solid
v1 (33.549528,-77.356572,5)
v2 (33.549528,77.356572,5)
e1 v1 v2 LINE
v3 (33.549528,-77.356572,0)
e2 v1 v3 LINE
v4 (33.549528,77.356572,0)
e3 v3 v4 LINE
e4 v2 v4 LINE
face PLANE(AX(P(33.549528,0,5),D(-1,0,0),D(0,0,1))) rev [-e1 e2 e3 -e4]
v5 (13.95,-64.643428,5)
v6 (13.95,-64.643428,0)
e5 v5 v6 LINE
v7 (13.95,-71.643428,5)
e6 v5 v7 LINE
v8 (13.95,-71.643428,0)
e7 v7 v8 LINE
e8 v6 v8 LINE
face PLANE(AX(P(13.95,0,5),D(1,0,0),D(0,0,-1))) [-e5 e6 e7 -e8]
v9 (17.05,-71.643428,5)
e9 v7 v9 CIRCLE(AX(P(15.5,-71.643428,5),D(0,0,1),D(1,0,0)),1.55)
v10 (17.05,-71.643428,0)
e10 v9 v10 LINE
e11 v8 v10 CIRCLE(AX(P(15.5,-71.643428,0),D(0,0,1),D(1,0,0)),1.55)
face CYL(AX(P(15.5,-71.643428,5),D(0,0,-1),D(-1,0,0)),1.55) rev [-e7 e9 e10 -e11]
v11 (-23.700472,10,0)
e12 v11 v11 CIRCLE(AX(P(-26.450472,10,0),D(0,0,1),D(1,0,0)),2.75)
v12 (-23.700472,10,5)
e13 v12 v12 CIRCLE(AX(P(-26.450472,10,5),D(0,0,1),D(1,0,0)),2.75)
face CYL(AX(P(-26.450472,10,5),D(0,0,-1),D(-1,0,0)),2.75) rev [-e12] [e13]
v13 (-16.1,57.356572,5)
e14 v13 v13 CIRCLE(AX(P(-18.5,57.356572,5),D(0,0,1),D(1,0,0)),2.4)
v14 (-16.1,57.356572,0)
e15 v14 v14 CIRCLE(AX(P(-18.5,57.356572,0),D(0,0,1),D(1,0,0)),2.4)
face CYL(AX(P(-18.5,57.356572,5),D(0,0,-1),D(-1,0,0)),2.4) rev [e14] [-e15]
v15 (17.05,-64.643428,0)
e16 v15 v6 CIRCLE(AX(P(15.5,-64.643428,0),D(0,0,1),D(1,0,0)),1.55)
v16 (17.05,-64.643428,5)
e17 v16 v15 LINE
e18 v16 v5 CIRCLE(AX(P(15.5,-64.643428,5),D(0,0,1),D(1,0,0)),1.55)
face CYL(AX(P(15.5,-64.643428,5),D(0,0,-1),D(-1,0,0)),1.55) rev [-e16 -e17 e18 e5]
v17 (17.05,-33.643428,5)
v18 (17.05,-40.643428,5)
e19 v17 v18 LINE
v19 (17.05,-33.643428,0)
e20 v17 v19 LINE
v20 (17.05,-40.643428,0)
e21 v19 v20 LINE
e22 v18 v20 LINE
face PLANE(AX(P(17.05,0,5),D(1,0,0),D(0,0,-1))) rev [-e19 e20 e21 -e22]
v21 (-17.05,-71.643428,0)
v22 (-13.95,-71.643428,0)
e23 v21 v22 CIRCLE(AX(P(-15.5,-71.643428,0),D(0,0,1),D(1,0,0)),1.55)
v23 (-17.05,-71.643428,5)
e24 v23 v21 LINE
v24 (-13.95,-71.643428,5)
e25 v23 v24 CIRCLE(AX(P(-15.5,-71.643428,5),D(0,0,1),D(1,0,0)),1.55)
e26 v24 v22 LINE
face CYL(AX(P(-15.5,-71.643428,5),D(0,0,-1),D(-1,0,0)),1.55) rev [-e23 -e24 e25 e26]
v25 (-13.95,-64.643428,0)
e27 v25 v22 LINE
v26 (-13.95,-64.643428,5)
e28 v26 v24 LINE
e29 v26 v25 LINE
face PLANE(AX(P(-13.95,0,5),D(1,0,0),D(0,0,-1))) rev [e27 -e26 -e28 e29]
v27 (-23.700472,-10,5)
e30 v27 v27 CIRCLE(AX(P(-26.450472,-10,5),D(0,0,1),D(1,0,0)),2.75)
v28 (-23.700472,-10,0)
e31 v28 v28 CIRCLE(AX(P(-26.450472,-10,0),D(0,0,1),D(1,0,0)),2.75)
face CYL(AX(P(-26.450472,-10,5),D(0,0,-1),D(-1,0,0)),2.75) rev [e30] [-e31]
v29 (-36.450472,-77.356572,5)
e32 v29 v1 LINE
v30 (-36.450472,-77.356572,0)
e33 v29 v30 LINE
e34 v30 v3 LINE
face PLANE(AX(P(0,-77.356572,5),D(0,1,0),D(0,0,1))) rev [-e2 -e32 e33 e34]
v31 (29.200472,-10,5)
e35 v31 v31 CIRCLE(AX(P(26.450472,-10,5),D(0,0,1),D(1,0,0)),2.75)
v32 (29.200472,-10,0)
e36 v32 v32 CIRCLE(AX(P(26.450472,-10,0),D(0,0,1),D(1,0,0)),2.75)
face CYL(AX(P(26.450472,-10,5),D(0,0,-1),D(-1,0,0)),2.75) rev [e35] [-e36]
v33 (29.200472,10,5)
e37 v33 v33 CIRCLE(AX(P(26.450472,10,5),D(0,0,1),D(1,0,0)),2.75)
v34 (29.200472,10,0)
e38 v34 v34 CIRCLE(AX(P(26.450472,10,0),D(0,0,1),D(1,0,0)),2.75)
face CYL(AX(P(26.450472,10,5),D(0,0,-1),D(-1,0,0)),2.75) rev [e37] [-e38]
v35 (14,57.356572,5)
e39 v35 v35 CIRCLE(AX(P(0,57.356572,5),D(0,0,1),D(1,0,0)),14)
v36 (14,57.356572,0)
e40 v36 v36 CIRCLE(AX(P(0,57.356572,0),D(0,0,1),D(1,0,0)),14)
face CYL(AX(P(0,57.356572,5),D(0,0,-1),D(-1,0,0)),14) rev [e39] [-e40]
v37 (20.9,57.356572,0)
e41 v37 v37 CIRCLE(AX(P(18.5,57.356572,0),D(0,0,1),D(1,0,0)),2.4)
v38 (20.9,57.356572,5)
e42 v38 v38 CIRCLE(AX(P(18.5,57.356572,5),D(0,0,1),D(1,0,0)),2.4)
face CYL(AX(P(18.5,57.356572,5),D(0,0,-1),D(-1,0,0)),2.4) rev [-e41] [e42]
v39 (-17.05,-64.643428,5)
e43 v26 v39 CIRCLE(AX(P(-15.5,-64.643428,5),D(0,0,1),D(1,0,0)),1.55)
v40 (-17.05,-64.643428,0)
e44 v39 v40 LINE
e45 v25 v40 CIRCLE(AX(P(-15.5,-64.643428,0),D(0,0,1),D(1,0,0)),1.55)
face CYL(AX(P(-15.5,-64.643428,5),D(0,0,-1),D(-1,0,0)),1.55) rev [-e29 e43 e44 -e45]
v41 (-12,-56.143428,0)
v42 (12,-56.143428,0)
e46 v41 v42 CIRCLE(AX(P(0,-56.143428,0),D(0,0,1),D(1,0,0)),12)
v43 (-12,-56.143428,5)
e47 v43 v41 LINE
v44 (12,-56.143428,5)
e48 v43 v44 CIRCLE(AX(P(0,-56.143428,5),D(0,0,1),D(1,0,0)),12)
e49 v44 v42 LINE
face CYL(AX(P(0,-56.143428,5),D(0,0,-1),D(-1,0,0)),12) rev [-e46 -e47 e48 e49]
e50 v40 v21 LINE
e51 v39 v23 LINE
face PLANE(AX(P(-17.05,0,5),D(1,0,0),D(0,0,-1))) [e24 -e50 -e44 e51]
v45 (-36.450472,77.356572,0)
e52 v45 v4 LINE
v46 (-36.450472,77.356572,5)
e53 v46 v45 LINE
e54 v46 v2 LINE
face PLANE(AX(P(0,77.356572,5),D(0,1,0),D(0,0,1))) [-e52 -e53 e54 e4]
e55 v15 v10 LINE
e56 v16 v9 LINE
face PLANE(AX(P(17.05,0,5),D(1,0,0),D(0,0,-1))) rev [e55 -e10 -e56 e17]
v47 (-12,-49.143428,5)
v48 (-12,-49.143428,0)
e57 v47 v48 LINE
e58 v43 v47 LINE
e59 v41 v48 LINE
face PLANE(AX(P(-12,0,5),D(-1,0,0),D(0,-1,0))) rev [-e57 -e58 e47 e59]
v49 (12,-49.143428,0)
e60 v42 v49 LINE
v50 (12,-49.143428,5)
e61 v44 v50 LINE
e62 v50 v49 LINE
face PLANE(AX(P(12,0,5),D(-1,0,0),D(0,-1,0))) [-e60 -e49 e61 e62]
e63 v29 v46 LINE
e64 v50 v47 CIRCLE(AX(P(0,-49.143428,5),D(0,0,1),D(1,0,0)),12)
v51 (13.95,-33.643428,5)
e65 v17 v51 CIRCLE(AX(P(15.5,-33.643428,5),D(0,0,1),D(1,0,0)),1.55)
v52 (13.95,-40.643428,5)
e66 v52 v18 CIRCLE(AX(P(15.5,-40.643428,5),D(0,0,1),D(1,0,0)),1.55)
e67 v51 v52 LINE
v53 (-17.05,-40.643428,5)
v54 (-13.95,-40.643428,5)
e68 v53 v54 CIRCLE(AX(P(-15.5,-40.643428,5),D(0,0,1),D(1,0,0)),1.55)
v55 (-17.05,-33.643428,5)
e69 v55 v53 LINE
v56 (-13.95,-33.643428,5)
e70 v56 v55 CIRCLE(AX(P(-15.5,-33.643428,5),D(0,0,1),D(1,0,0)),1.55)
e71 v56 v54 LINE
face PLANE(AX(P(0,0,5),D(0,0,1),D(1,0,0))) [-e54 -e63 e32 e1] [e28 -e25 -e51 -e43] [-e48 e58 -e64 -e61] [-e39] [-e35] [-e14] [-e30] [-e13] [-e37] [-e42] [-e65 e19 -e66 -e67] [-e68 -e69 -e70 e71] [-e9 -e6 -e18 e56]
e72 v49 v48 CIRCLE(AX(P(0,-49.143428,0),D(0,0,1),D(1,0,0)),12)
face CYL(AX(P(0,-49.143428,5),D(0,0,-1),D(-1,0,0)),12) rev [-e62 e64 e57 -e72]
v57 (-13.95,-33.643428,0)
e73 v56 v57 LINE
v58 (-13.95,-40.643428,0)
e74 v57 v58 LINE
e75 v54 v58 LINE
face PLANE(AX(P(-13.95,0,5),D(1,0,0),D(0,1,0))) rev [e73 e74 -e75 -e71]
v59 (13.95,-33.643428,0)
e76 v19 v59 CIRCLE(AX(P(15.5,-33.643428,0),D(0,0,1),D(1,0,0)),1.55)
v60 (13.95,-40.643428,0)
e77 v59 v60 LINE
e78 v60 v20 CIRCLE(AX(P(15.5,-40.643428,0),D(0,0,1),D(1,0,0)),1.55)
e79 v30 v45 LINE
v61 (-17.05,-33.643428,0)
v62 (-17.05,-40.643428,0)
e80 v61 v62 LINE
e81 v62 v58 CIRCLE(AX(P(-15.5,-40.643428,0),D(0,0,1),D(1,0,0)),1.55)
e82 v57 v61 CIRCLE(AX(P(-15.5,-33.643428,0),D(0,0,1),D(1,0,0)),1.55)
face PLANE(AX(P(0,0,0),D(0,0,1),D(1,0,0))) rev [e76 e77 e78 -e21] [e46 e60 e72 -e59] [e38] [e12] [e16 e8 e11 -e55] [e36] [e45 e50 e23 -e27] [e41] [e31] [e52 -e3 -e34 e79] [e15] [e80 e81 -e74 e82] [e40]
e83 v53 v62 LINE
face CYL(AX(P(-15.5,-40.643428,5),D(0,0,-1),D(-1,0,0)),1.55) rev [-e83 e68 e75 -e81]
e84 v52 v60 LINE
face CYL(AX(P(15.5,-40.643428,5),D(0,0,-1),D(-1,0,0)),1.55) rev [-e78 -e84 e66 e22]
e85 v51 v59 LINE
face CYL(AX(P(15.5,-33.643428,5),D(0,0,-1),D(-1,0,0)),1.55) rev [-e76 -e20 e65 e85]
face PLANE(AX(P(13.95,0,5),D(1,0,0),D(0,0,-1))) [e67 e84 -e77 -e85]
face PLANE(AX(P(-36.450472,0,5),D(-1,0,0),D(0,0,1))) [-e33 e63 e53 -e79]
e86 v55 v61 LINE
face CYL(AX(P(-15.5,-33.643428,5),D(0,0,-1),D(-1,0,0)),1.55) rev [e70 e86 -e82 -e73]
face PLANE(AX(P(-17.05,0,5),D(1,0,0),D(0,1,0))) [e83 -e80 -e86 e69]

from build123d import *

# Parameters (mm, degrees)
SKETCH1_W           = 70
SKETCH1_H           = 154.713144252
SKETCH1_R           = 2.4
SKETCH1_R_2         = 2.75
SKETCH1_R_3         = 14
BOSS_EXTRUDE1_DEPTH = 5


with BuildPart() as part:
    # Sketch1 → Boss-Extrude1 (new body)
    with BuildSketch(Plane.XY):
        with Locations((-1.450472168, 0)):
            Rectangle(SKETCH1_W, SKETCH1_H)
        with Locations((-18.5, 57.356572126)):
            Circle(SKETCH1_R, mode=Mode.SUBTRACT)
        with Locations((18.5, 57.356572126)):
            Circle(SKETCH1_R, mode=Mode.SUBTRACT)
        with Locations((-26.450472168, 10)):
            Circle(SKETCH1_R_2, mode=Mode.SUBTRACT)
        with Locations((26.450472168, 10)):
            Circle(SKETCH1_R_2, mode=Mode.SUBTRACT)
        with Locations((26.450472168, -10)):
            Circle(SKETCH1_R_2, mode=Mode.SUBTRACT)
        with Locations((-26.450472168, -10)):
            Circle(SKETCH1_R_2, mode=Mode.SUBTRACT)
        with Locations((0, 57.356572126)):
            Circle(SKETCH1_R_3, mode=Mode.SUBTRACT)
        with BuildLine():
            Line((-13.95, -33.643427874), (-13.95, -40.643427874))
            ThreePointArc((-13.95, -40.643427874), (-15.5, -42.193427874), (-17.05, -40.643427874))
            Line((-17.05, -40.643427874), (-17.05, -33.643427874))
            ThreePointArc((-17.05, -33.643427874), (-15.5, -32.093427874), (-13.95, -33.643427874))
        make_face(mode=Mode.SUBTRACT)
        with BuildLine():
            Line((17.05, -33.643427874), (17.05, -40.643427874))
            ThreePointArc((17.05, -40.643427874), (15.5, -42.193427874), (13.95, -40.643427874))
            Line((13.95, -40.643427874), (13.95, -33.643427874))
            ThreePointArc((13.95, -33.643427874), (15.5, -32.093427874), (17.05, -33.643427874))
        make_face(mode=Mode.SUBTRACT)
        with BuildLine():
            Line((17.05, -64.643427874), (17.05, -71.643427874))
            ThreePointArc((17.05, -71.643427874), (15.5, -73.193427874), (13.95, -71.643427874))
            Line((13.95, -71.643427874), (13.95, -64.643427874))
            ThreePointArc((13.95, -64.643427874), (15.5, -63.093427874), (17.05, -64.643427874))
        make_face(mode=Mode.SUBTRACT)
        with BuildLine():
            Line((-13.95, -64.643427874), (-13.95, -71.643427874))
            ThreePointArc((-13.95, -71.643427874), (-15.5, -73.193427874), (-17.05, -71.643427874))
            Line((-17.05, -71.643427874), (-17.05, -64.643427874))
            ThreePointArc((-17.05, -64.643427874), (-15.5, -63.093427874), (-13.95, -64.643427874))
        make_face(mode=Mode.SUBTRACT)
        with BuildLine():
            Line((-12, -56.143427874), (-12, -49.143427874))
            ThreePointArc((-12, -49.143427874), (0, -37.143427874), (12, -49.143427874))
            Line((12, -49.143427874), (12, -56.143427874))
            ThreePointArc((12, -56.143427874), (0, -68.143427874), (-12, -56.143427874))
        make_face(mode=Mode.SUBTRACT)
    extrude(amount=BOSS_EXTRUDE1_DEPTH)


solid = part.part
